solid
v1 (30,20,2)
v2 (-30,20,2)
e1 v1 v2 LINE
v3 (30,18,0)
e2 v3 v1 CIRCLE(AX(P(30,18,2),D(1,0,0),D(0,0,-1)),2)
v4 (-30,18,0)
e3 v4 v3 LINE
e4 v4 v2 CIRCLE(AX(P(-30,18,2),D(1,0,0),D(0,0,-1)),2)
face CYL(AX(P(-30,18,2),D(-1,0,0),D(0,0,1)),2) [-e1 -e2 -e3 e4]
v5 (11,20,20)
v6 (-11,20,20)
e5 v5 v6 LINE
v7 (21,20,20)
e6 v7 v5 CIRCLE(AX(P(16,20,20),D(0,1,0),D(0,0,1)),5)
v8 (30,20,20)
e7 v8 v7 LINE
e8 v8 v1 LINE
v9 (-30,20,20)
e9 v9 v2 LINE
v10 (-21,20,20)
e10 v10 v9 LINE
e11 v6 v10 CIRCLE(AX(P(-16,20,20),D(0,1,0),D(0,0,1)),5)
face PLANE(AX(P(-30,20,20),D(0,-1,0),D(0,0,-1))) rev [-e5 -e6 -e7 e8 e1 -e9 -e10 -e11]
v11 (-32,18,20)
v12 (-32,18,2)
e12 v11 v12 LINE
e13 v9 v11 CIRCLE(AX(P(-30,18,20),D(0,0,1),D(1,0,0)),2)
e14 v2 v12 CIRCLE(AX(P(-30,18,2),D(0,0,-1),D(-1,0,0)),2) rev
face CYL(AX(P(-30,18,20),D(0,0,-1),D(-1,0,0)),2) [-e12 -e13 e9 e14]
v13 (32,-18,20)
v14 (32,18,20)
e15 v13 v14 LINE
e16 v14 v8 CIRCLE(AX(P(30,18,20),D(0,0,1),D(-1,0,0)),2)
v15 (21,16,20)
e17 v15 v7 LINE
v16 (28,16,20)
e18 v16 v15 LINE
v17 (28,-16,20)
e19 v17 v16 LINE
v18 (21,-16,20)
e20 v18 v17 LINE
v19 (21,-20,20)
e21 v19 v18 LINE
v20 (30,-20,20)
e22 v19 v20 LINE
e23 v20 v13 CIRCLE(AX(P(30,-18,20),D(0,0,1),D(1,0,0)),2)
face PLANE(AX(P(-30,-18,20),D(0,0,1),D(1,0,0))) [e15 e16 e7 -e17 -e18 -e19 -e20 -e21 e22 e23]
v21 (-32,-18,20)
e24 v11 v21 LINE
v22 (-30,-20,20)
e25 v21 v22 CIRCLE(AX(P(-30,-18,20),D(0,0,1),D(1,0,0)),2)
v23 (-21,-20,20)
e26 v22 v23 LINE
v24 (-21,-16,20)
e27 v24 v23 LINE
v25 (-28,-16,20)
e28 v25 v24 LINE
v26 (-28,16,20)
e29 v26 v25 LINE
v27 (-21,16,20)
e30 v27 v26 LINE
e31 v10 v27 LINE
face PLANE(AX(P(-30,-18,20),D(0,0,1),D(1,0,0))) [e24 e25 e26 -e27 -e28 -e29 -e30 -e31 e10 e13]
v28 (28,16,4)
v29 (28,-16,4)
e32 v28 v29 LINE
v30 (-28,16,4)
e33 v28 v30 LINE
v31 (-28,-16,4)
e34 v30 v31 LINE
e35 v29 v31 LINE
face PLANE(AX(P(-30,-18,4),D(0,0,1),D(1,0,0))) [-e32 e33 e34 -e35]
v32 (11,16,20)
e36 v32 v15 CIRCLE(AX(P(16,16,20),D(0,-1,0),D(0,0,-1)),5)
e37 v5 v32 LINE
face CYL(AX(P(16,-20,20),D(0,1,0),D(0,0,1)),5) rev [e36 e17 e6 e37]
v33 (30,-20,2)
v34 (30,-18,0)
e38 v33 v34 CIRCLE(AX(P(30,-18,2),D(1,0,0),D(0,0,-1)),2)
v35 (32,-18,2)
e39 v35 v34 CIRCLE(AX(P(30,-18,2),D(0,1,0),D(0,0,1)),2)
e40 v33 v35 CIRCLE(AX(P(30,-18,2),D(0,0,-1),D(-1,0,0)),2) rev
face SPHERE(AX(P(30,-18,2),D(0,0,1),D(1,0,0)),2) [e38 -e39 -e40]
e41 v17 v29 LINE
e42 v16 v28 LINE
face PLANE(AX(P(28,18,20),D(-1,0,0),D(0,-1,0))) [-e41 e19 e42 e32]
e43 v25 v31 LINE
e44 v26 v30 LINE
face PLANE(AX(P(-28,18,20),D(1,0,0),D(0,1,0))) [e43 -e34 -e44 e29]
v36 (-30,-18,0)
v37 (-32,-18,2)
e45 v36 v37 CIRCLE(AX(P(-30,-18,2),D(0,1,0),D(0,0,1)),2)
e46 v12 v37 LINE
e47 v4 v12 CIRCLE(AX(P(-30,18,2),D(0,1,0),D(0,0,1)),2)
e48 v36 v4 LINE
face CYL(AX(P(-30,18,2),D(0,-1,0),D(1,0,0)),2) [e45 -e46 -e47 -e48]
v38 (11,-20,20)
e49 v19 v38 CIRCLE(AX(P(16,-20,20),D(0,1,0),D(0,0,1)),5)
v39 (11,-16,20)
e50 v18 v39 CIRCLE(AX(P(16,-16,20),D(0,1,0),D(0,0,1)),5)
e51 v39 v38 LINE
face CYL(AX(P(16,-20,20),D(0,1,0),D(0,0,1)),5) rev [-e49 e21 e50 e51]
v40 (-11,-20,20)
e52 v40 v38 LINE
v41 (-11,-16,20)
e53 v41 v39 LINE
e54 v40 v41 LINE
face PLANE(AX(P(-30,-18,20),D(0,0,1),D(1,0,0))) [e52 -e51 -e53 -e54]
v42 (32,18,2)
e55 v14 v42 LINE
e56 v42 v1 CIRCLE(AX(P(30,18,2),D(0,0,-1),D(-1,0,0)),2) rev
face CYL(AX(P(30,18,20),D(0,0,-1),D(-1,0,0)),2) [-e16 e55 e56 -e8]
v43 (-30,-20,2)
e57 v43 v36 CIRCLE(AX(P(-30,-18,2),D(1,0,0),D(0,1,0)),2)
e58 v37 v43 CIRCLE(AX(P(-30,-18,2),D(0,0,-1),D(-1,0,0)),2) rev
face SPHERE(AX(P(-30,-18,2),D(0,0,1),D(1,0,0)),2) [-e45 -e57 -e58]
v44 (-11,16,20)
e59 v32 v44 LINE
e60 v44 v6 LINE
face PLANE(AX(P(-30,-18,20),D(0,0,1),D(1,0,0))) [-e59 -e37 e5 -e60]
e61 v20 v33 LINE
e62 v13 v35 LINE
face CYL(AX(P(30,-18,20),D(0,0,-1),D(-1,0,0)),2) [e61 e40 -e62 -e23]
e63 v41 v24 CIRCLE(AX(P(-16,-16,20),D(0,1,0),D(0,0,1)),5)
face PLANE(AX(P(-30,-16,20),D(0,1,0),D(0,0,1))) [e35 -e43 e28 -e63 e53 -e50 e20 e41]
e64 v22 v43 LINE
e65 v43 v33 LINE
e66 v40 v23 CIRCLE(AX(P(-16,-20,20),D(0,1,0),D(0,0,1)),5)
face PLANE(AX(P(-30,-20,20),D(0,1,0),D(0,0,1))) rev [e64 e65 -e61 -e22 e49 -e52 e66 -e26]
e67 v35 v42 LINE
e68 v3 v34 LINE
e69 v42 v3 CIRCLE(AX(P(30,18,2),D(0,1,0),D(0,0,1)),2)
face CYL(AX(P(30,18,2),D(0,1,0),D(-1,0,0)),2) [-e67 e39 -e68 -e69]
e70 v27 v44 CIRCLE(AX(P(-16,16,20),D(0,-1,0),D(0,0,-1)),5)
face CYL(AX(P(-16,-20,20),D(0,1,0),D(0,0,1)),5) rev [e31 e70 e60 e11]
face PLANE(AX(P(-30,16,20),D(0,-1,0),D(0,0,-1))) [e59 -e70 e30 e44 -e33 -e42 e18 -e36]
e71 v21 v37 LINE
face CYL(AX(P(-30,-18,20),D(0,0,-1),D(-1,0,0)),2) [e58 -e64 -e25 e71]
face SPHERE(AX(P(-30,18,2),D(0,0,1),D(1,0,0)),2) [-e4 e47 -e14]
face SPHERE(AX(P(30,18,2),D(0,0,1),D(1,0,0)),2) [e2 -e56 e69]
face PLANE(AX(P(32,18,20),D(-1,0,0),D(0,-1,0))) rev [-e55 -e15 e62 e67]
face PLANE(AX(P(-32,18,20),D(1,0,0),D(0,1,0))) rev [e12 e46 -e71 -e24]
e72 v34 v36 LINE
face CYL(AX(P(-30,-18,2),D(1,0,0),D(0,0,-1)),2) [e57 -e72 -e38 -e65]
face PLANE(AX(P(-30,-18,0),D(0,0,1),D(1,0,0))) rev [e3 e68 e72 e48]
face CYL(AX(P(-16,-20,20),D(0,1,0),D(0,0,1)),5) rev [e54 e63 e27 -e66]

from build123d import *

# Parameters (mm, degrees)
BOSS_EXTRUDE1_DEPTH     = 20
FILLET1_R               = 2
SHELL1_T                = -4
CUT_EXTRUDE1_DEPTH      = 43.708313008
CUT_EXTRUDE1_DEPTH_BACK = 43.708313008
SKETCH2_R               = 5


with BuildPart() as part:
    # Sketch1 → Boss-Extrude1 (new body)
    with BuildSketch(Plane.XY):
        with BuildLine():
            Line((-30, 20), (30, 20))
            ThreePointArc((30, 20), (31.414213562, 19.414213562), (32, 18))
            Line((32, 18), (32, -18))
            ThreePointArc((32, -18), (31.414213562, -19.414213562), (30, -20))
            Line((30, -20), (-30, -20))
            ThreePointArc((-30, -20), (-31.414213562, -19.414213562), (-32, -18))
            Line((-32, -18), (-32, 18))
            ThreePointArc((-32, 18), (-31.414213562, 19.414213562), (-30, 20))
        make_face()
    extrude(amount=BOSS_EXTRUDE1_DEPTH)

    # Fillet1
    fillet1_edges = [part.edges().sort_by_distance(p)[0] for p in [
        (0, -20, 0),
        (-31.414213562, -19.414213562, 0),
        (-32, 0, 0),
        (-31.414213562, 19.414213562, 0),
        (0, 20, 0),
        (31.414213562, 19.414213562, 0),
        (32, 0, 0),
        (31.414213562, -19.414213562, 0),
    ]]
    fillet(fillet1_edges, radius=FILLET1_R)

    # Shell1
    shell1_openings = [part.faces().sort_by_distance(p)[0] for p in [
        (0, 0, 20),
    ]]
    offset(amount=SHELL1_T, openings=shell1_openings, kind=Kind.INTERSECTION)

    # Sketch2 → Cut-Extrude1 (cut, two sides: drawn at the far end of the back side and taken through both)
    with BuildSketch(Plane(origin=(0, 0, 0), x_dir=(1, 0, 0), z_dir=(0, 1, 0)).offset(-CUT_EXTRUDE1_DEPTH_BACK)):
        with Locations((-16, -20)):
            Circle(SKETCH2_R)
        with Locations((16, -20)):
            Circle(SKETCH2_R)
    extrude(amount=CUT_EXTRUDE1_DEPTH + CUT_EXTRUDE1_DEPTH_BACK, mode=Mode.SUBTRACT)


solid = part.part
